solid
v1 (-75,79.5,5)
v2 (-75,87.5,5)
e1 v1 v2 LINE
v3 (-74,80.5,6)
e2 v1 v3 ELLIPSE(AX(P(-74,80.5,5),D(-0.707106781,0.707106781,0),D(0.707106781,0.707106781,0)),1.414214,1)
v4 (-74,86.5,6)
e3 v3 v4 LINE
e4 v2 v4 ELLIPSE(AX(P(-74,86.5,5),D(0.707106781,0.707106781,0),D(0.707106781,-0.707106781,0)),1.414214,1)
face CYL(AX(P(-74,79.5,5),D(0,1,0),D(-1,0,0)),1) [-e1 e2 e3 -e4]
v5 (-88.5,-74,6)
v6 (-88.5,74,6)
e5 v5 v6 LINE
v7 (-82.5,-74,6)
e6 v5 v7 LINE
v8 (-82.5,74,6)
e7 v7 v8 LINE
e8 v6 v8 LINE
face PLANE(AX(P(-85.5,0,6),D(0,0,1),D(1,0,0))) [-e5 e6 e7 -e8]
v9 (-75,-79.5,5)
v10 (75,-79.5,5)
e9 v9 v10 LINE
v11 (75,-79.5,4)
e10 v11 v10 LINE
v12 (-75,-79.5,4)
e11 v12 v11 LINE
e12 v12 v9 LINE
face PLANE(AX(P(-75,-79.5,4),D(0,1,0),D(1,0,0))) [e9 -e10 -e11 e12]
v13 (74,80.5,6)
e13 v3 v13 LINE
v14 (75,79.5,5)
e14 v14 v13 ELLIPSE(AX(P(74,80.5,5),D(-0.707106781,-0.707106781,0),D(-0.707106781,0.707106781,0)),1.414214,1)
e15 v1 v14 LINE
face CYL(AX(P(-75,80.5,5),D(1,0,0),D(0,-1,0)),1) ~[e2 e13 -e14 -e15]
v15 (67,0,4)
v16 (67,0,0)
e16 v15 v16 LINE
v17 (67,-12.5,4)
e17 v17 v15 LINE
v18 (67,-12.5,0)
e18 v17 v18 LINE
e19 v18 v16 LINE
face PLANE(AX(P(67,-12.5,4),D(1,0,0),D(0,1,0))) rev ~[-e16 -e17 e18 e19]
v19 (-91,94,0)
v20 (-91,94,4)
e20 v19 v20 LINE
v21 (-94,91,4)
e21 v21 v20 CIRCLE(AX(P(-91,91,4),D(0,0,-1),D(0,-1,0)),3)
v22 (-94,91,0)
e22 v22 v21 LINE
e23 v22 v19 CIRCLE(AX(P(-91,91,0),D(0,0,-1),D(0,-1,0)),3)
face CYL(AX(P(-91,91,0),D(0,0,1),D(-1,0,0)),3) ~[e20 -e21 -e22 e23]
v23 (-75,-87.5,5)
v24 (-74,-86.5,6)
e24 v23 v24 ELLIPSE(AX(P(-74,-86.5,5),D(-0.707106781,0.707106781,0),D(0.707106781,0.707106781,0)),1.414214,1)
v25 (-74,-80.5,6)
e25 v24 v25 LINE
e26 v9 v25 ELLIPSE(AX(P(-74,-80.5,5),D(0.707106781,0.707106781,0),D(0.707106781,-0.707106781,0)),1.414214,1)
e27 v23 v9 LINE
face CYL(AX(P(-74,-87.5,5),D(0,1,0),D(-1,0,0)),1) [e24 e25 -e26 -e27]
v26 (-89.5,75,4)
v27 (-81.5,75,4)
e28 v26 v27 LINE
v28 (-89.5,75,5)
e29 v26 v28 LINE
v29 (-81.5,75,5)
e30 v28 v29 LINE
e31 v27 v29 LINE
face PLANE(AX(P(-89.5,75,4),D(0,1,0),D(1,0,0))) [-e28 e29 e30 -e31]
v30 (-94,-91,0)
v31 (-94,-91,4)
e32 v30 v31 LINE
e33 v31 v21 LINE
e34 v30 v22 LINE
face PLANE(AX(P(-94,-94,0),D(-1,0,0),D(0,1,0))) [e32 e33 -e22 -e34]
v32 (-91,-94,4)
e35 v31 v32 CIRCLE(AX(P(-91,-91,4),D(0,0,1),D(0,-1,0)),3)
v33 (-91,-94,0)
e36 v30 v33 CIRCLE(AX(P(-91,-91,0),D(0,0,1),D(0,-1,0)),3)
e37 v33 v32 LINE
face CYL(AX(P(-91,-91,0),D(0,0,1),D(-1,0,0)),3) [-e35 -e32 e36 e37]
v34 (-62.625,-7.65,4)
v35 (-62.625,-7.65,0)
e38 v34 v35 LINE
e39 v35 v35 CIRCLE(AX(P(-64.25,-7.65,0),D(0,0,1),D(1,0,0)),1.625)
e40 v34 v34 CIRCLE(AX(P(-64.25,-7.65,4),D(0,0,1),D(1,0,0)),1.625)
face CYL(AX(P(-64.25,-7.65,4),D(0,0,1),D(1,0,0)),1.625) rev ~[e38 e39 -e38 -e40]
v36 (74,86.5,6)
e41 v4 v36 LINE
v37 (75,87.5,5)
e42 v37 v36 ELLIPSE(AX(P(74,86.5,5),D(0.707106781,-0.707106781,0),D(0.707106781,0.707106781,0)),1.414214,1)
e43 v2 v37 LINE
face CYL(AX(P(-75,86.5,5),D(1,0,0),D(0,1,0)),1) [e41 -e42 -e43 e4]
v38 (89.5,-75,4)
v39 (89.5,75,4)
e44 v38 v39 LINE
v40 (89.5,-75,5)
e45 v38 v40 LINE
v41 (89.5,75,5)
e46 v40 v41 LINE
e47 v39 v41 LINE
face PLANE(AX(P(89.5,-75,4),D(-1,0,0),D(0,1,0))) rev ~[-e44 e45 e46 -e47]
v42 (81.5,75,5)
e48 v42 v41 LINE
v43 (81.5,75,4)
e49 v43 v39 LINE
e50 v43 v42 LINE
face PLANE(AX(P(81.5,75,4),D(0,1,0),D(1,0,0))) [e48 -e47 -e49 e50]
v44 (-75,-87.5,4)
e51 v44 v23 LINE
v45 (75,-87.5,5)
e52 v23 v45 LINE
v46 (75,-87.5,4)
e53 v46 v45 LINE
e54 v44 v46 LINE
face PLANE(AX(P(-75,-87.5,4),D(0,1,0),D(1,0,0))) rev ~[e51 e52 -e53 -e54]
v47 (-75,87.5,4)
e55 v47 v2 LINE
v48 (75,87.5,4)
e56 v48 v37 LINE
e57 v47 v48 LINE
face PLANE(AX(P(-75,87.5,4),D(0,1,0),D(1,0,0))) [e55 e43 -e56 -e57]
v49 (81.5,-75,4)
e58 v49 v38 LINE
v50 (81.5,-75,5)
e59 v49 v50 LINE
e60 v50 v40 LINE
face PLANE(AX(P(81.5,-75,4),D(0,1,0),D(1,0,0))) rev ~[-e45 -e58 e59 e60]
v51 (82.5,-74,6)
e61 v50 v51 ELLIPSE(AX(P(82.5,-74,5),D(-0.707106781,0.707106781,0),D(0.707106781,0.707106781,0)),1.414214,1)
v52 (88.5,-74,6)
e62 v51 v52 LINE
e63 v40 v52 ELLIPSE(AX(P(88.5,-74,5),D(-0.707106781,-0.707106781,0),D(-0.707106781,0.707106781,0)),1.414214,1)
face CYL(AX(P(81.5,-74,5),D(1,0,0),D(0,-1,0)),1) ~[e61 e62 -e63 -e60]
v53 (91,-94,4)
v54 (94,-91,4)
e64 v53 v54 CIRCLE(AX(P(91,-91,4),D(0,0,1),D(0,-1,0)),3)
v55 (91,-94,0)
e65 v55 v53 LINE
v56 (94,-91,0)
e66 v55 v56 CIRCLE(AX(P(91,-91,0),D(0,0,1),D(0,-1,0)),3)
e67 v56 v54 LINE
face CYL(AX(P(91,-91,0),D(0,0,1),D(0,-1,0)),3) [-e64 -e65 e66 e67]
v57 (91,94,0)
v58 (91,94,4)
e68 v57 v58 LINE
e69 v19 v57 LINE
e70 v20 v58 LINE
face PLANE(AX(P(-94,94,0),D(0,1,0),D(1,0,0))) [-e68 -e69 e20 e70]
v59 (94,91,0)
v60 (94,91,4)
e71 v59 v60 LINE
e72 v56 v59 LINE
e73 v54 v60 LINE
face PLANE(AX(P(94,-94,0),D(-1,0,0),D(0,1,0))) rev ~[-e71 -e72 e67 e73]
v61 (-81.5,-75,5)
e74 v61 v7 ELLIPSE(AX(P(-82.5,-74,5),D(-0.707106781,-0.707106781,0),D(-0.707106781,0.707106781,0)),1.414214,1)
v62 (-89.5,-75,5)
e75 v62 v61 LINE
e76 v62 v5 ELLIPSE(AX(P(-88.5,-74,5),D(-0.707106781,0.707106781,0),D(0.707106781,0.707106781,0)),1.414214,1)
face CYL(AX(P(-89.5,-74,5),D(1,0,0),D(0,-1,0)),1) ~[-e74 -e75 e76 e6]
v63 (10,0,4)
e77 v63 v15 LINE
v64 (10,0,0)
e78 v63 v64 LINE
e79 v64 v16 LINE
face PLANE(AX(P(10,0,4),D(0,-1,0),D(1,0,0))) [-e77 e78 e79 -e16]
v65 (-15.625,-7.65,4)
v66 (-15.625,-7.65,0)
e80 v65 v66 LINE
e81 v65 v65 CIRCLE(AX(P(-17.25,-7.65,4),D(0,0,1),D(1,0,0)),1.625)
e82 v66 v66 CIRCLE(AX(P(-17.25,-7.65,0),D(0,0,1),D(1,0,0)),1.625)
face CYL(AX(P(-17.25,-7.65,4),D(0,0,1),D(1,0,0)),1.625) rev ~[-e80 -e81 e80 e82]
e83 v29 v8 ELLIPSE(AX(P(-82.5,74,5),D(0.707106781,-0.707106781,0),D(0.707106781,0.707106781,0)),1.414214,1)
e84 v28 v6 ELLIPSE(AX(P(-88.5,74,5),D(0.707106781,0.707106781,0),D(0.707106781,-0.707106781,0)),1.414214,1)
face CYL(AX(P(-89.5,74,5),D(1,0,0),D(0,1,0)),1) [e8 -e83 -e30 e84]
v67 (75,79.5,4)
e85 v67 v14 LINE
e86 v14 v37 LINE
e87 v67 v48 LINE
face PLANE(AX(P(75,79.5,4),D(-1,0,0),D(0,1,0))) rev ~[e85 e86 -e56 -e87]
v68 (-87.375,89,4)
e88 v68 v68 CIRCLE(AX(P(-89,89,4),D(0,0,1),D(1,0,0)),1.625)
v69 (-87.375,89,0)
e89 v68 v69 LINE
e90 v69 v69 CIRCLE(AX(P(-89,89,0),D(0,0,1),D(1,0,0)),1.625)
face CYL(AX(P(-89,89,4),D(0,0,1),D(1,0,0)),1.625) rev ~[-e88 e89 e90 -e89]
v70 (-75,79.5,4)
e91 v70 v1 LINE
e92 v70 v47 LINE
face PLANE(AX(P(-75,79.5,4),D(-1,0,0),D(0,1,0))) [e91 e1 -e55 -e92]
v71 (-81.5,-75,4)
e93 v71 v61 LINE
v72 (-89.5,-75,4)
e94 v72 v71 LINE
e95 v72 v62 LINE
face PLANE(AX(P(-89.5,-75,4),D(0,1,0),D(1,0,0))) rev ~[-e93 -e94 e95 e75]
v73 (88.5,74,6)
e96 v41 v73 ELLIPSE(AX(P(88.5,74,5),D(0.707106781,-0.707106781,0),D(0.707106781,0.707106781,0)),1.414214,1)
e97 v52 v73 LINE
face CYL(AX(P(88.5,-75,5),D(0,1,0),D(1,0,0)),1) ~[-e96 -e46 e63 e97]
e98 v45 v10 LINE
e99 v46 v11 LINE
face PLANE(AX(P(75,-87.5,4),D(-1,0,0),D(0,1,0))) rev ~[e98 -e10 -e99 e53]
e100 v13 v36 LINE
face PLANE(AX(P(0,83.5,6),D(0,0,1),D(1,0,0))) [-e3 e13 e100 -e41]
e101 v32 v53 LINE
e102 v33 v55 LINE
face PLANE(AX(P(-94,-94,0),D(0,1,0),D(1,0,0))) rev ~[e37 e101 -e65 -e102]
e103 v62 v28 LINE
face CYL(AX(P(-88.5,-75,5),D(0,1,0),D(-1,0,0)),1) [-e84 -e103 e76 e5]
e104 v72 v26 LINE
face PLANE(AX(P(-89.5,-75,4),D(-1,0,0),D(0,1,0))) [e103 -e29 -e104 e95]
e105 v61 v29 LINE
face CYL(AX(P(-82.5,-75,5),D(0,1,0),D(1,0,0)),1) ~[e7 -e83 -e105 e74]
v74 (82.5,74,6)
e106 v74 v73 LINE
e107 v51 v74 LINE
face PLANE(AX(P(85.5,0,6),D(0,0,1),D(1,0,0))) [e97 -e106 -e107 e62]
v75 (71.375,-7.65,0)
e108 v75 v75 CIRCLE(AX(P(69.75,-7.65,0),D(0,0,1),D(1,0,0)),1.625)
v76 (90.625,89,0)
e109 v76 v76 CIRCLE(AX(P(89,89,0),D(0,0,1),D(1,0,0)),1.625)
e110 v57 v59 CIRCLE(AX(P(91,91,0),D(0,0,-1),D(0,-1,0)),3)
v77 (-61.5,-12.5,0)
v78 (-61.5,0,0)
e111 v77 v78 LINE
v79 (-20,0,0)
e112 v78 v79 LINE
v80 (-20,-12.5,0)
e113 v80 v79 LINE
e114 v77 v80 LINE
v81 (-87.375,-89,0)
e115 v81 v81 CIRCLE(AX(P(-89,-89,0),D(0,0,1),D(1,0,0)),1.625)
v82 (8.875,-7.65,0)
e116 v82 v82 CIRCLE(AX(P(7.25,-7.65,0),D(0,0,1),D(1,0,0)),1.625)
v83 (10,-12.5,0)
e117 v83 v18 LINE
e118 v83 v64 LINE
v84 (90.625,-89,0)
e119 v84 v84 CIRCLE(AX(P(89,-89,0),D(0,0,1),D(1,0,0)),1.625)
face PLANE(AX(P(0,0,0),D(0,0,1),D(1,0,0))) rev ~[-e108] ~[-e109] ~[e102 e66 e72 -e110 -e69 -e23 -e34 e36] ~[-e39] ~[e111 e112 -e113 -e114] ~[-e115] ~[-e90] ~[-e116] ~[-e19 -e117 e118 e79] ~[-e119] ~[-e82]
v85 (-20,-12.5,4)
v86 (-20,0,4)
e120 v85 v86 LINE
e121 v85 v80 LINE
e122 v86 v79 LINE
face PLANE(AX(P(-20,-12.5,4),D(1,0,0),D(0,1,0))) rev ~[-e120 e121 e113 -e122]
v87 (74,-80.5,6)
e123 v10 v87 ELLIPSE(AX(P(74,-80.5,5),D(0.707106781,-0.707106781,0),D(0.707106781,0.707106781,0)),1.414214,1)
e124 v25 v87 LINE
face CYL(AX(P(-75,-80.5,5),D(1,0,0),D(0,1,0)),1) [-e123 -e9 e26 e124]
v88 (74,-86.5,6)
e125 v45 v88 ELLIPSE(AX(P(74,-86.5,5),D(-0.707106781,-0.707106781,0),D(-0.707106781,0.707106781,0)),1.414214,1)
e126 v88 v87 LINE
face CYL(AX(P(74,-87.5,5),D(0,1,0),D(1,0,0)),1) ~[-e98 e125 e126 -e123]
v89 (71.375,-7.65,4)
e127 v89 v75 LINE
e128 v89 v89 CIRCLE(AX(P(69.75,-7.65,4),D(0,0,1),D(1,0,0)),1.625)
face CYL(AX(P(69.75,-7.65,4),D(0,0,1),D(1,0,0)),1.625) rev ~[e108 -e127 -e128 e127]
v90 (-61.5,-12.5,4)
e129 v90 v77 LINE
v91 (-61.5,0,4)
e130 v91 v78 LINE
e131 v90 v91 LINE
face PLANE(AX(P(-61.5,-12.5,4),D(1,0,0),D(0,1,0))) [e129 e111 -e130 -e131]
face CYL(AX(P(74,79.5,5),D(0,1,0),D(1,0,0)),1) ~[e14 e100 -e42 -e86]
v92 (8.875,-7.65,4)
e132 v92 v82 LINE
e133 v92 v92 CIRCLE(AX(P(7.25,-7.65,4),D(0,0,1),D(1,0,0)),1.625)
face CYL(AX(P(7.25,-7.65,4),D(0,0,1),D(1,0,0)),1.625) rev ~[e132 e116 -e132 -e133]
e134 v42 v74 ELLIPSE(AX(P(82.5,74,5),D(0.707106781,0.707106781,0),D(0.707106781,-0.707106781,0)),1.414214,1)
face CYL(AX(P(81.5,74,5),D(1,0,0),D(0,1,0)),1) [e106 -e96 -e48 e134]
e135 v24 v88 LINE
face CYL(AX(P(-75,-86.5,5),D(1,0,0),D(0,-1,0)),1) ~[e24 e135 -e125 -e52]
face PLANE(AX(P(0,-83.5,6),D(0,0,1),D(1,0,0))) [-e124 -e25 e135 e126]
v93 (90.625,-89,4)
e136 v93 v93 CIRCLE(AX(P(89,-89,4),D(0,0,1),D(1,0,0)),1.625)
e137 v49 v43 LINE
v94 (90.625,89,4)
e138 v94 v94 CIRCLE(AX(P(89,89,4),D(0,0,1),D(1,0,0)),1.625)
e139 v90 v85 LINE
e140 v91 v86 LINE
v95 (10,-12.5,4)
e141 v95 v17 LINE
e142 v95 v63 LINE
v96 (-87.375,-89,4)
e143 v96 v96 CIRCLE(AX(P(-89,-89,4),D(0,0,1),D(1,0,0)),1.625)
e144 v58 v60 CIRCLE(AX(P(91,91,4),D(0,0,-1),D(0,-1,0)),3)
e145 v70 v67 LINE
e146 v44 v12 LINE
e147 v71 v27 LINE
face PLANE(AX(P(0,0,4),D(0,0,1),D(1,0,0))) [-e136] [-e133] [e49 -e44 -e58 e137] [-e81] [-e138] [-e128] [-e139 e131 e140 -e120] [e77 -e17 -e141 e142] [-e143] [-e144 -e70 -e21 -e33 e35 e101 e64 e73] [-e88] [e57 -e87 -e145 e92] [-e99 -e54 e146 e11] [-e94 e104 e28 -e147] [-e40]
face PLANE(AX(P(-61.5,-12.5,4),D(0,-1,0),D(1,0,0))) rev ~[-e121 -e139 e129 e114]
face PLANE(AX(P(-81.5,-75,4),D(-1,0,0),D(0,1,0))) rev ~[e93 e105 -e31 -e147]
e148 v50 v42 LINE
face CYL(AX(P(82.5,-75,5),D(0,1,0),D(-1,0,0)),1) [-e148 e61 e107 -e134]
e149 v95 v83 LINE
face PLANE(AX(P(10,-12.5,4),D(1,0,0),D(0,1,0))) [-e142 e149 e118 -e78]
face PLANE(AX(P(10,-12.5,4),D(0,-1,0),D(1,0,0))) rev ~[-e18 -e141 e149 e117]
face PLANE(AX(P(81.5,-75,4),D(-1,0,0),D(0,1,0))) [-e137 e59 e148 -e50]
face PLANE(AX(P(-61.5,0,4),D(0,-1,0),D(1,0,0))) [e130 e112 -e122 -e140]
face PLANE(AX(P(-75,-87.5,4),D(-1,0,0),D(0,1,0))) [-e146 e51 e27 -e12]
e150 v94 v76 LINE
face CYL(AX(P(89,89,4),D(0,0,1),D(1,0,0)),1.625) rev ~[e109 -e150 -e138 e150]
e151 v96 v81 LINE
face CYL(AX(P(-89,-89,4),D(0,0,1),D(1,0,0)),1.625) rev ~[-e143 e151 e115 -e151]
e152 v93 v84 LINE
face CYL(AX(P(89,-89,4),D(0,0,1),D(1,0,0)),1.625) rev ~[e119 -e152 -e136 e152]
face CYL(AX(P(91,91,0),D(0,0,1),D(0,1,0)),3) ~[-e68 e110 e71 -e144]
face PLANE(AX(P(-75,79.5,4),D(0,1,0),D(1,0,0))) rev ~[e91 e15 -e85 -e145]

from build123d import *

# Parameters (mm, degrees)
SKETCH_W        = 188
SKETCH_H        = 188
PAD_DEPTH       = 4
SKETCH001_R     = 1.625
POCKET_DEPTH    = 4.001
SKETCH002_R     = 1.625
SKETCH002_W     = 41.5
SKETCH002_H     = 12.5
SKETCH002_W_2   = 57
POCKET001_DEPTH = 4.001
FILLET_R        = 3
SKETCH003_W     = 150
SKETCH003_H     = 8
SKETCH003_W_2   = 8
SKETCH003_H_2   = 150
PAD001_DEPTH    = 2
FILLET001_R     = 1


with BuildPart() as part:
    # Sketch → Pad (new body)
    with BuildSketch(Plane.XY):
        Rectangle(SKETCH_W, SKETCH_H)
    extrude(amount=PAD_DEPTH)

    # Sketch001 (on Face6 of Pad) → Pocket (cut, through all)
    with BuildSketch(Plane.XY.offset(4)):
        with Locations((-89, 89)):
            Circle(SKETCH001_R)
        with Locations((89, 89)):
            Circle(SKETCH001_R)
        with Locations((89, -89)):
            Circle(SKETCH001_R)
        with Locations((-89, -89)):
            Circle(SKETCH001_R)
    extrude(amount=-POCKET_DEPTH, mode=Mode.SUBTRACT)

    # Sketch002 (on Face5 of Pocket) → Pocket001 (cut, through all)
    with BuildSketch(Plane.XY.offset(4)):
        with Locations((-17.25, -7.65)):
            Circle(SKETCH002_R)
        with Locations((-64.25, -7.65)):
            Circle(SKETCH002_R)
        with Locations((7.25, -7.65)):
            Circle(SKETCH002_R)
        with Locations((69.75, -7.65)):
            Circle(SKETCH002_R)
        with Locations((-40.75, -6.25)):
            Rectangle(SKETCH002_W, SKETCH002_H)
        with Locations((38.5, -6.25)):
            Rectangle(SKETCH002_W_2, SKETCH002_H)
    extrude(amount=-POCKET001_DEPTH, mode=Mode.SUBTRACT)

    # Fillet
    fillet_edges = [part.edges().sort_by_distance(p)[0] for p in [
        (-94, -94, 2),
        (94, -94, 2),
        (94, 94, 2),
        (-94, 94, 2),
    ]]
    fillet(fillet_edges, radius=FILLET_R)

    # Sketch003 (on Face5 of Fillet) → Pad001 (join)
    with BuildSketch(Plane.XY.offset(4)):
        with Locations((0, -83.5)):
            Rectangle(SKETCH003_W, SKETCH003_H)
        with Locations((0, 83.5)):
            Rectangle(SKETCH003_W, SKETCH003_H)
        with Locations((-85.5, 0)):
            Rectangle(SKETCH003_W_2, SKETCH003_H_2)
        with Locations((85.5, 0)):
            Rectangle(SKETCH003_W_2, SKETCH003_H_2)
    extrude(amount=PAD001_DEPTH)

    # Fillet001
    fillet001_edges = [part.edges().sort_by_distance(p)[0] for p in [
        (-85.5, 75, 6),
        (-81.5, 0, 6),
        (-85.5, -75, 6),
        (-89.5, 0, 6),
        (0, -79.5, 6),
        (75, -83.5, 6),
        (0, -87.5, 6),
        (-75, -83.5, 6),
        (85.5, 75, 6),
        (89.5, 0, 6),
        (85.5, -75, 6),
        (81.5, 0, 6),
        (0, 87.5, 6),
        (75, 83.5, 6),
        (0, 79.5, 6),
        (-75, 83.5, 6),
    ]]
    fillet(fillet001_edges, radius=FILLET001_R)


solid = part.part
